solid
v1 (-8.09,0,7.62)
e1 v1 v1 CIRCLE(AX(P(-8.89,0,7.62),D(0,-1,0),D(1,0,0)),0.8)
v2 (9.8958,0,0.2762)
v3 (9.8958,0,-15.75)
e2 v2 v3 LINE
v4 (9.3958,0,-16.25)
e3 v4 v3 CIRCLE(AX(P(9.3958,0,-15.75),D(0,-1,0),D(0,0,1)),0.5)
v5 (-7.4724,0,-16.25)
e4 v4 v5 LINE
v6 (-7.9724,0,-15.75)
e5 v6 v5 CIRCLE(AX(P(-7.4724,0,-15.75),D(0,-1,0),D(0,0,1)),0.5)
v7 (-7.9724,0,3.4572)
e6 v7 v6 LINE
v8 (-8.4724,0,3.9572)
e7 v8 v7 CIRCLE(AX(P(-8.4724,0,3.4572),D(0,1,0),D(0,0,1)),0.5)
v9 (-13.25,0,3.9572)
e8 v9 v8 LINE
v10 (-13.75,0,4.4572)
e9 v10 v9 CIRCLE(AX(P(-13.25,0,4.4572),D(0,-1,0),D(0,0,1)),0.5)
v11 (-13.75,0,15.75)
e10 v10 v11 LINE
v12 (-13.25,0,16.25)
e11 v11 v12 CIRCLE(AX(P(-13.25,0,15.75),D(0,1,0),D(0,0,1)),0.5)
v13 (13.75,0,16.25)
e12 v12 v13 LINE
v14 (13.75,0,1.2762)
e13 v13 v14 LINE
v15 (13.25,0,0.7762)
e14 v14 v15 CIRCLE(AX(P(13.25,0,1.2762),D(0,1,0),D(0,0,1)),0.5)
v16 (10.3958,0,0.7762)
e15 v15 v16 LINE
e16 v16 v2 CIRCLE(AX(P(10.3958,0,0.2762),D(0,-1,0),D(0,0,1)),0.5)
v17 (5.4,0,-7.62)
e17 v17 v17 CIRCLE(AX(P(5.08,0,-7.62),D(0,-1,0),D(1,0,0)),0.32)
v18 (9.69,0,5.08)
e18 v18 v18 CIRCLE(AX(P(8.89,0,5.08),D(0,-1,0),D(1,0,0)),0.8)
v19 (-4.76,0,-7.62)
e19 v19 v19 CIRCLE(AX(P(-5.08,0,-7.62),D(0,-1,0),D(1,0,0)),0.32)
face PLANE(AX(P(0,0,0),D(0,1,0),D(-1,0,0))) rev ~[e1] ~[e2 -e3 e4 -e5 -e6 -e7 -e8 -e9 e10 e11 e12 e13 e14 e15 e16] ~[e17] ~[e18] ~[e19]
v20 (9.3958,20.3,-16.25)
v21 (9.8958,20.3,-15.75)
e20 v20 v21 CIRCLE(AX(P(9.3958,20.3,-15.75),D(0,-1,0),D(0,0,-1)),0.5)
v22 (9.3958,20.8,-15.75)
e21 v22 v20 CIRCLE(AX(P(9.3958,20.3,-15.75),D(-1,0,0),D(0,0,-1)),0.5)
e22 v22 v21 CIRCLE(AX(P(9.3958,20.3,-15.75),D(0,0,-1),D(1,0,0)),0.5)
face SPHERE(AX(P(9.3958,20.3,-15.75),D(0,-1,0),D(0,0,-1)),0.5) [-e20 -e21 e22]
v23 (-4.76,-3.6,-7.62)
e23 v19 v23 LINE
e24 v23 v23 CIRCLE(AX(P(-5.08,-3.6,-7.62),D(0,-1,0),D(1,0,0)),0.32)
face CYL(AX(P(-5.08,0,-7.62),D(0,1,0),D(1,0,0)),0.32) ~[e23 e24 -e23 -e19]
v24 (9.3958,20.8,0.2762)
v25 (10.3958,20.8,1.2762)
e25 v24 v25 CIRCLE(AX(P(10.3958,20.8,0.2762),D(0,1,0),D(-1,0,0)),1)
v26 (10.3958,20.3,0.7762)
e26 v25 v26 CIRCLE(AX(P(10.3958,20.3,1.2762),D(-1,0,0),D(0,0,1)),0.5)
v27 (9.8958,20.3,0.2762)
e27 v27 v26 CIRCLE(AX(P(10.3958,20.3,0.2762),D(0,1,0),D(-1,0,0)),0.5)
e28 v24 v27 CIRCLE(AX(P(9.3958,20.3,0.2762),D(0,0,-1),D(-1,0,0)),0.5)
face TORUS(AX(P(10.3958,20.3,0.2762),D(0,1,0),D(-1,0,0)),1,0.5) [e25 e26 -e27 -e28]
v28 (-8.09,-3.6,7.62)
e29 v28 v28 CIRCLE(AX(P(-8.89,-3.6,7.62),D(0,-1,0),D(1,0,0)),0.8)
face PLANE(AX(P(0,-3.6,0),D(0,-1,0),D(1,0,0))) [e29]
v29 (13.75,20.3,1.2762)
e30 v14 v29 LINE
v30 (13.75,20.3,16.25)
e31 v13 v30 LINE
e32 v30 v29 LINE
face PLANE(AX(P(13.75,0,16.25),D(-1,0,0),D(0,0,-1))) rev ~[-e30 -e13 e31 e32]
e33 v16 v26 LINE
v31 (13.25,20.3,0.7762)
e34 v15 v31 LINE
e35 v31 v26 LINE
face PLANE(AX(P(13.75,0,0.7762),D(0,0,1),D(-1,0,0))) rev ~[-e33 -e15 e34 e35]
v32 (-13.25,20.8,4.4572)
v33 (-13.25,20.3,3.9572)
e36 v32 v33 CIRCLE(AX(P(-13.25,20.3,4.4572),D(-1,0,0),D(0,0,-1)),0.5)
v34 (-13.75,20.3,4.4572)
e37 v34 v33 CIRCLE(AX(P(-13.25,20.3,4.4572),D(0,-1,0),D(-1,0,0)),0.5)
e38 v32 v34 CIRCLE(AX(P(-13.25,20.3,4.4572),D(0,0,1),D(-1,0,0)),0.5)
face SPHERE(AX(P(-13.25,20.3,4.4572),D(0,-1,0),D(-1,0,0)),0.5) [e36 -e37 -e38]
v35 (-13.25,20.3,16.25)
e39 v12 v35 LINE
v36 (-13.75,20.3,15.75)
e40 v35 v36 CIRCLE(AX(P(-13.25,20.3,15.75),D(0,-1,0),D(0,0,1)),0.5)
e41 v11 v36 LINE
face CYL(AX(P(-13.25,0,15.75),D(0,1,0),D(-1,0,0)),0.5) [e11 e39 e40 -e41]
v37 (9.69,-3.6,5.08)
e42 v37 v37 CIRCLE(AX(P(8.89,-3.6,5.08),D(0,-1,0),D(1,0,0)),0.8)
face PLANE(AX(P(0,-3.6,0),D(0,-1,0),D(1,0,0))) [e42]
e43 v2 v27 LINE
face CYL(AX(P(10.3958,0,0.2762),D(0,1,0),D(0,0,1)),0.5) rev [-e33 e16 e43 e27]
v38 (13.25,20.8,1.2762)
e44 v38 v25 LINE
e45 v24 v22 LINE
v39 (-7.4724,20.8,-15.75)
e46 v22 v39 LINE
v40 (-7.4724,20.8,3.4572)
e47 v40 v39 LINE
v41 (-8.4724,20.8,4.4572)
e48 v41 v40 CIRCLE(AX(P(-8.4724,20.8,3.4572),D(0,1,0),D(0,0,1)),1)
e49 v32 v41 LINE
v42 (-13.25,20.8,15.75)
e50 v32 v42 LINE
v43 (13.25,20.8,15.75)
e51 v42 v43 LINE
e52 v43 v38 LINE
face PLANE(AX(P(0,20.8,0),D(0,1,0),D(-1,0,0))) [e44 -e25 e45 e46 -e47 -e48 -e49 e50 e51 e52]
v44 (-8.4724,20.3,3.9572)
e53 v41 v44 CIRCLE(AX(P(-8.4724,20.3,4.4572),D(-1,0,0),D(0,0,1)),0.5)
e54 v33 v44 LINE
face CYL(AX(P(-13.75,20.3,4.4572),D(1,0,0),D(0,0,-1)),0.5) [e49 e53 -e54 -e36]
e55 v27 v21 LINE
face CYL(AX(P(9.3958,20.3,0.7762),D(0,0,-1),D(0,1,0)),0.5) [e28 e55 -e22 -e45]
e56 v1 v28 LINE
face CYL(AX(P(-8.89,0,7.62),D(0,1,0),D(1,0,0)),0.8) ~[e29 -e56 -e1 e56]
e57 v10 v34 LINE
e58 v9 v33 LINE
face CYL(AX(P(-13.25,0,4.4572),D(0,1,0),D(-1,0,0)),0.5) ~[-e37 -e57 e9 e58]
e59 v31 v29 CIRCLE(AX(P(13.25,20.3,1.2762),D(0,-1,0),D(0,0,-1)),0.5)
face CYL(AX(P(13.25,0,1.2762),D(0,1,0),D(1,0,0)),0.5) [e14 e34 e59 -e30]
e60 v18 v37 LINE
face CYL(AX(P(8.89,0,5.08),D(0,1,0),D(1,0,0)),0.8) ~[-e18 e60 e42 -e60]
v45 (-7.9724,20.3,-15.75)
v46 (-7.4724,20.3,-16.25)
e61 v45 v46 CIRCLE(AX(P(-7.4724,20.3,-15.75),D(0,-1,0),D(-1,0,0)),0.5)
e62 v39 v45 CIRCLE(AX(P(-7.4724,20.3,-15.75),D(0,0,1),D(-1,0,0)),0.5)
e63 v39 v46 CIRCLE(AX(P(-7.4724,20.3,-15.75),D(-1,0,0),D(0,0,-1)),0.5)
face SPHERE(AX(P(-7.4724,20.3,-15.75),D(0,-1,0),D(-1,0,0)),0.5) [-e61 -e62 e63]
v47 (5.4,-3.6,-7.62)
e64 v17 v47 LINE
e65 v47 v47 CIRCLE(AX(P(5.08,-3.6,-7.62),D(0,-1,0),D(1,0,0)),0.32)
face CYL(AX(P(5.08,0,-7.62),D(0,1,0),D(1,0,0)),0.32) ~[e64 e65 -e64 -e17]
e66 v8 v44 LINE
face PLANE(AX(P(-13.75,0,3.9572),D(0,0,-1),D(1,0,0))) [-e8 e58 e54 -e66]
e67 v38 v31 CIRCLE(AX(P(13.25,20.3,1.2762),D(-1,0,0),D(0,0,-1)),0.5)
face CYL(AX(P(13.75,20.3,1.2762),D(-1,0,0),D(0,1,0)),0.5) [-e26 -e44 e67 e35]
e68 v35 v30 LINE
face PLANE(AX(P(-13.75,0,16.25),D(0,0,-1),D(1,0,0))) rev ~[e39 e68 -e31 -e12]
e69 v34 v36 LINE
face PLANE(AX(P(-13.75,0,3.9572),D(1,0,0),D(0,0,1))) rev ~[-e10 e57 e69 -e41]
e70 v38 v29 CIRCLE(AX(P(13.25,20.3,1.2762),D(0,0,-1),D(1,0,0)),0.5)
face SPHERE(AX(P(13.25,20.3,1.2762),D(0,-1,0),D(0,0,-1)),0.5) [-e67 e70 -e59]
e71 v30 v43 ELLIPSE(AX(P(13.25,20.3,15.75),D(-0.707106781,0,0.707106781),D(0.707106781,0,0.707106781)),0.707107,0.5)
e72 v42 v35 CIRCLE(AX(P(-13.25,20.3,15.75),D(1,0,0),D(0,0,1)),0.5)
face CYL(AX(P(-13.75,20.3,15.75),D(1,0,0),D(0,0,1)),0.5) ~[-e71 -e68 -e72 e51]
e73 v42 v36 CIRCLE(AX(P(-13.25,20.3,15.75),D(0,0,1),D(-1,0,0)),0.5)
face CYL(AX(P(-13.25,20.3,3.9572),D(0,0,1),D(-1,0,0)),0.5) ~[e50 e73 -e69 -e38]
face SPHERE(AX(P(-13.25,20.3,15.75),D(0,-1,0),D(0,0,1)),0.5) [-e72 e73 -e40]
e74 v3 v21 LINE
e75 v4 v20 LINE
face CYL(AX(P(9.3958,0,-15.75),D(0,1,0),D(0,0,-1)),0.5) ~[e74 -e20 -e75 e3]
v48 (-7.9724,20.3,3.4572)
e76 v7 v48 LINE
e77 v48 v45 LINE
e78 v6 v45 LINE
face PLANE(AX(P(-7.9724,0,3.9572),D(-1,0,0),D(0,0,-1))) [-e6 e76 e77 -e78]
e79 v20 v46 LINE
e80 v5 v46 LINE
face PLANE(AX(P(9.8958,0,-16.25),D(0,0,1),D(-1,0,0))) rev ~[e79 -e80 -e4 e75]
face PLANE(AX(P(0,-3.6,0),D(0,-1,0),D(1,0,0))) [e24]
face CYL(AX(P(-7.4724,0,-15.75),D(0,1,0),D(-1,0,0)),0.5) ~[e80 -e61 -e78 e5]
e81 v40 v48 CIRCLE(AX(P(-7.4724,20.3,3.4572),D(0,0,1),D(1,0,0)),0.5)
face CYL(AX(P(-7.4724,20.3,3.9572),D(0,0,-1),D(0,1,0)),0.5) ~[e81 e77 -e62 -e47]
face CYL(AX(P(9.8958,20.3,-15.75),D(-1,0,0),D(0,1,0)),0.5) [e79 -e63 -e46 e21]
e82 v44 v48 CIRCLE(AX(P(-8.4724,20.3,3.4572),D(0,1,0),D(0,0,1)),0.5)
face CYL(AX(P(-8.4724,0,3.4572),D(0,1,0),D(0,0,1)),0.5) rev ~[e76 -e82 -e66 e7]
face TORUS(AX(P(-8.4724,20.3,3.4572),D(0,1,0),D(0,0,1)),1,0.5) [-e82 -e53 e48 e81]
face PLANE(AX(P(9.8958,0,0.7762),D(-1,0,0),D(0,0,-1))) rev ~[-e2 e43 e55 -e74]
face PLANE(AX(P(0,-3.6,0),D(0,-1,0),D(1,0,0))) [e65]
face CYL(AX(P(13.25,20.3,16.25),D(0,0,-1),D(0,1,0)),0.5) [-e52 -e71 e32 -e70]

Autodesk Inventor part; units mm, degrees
ref_plane "YZ Plane" through (0, 0, 0) normal (1, 0, 0) x (0, 1, 0)
ref_plane "XZ Plane" through (0, 0, 0) normal (0, 1, 0) x (-1, 0, 0)
ref_plane "XY Plane" through (0, 0, 0) normal (0, 0, 1) x (1, 0, 0)
sketch "Sketch1" plane through (0, 0, 0) normal (0, 1, 0) x (-1, 0, 0)
  line L0 (13.75, 16.25) -> (-13.75, 16.25)
  line L1 (-13.75, 16.25) -> (-13.75, -16.25)
  line L2 (-13.75, -16.25) -> (13.75, -16.25)
  line L3 (13.75, -16.25) -> (13.75, 16.25)
  line L4 (-13.75, 0.7762) -> (-9.8958, 0.7762)
  line L5 (-9.8958, 0.7762) -> (-9.8958, -16.25)
  line L6 (13.75, 3.9572) -> (7.9724, 3.9572)
  line L7 (7.9724, 3.9572) -> (7.9724, -16.25)
  point P0 (0, 0)
  dimension "d0" = 27.5
  dimension "d1" = 13.75
  dimension "d2" = 32.5
  dimension "d3" = 16.25
extrude "Extrusion1" add sketch "Sketch1" along normal blind 20.8 contours L3 L6 L7 L2 L5 L4 L1 L0
sketch "Sketch2" plane through (0, 0, 0) normal (0, -1, 0) x (1, 0, 0)
  circle A0 centre (-8.89, 7.62) radius 0.8
  circle A1 centre (8.89, 5.08) radius 0.8
  circle A2 centre (-5.08, -7.62) radius 0.32
  circle A3 centre (5.08, -7.62) radius 0.32
  point P0 (0, 0)
  dimension "d6" = 0.64
  dimension "d7" = 0.64
  dimension "d8" = 3.81
  dimension "d9" = 13.97
  dimension "d10" = 17.78
  dimension "d11" = 2.54
  dimension "d12" = 15.24
  dimension "d13" = 0
  dimension "d14" = 5.08
  dimension "d15" = 7.62
  dimension "d16" = 1.6
  dimension "d17" = 1.6
extrude "Extrusion2" add sketch "Sketch2" along normal blind 3.6
fillet "Fillet1" radius 0.5 15 edges at (-7.9724, 10.4, 3.9572) (-7.9724, 10.4, -16.25) (-13.75, 10.4, 3.9572) (-13.75, 10.4, 16.25) (9.8958, 10.4, -16.25) (13.75, 10.4, 0.7762) (9.8958, 10.4, 0.7762) (0, 20.8, 16.25) (-13.75, 20.8, 10.1036) (-10.8612, 20.8, 3.9572) (-7.9724, 20.8, -6.1464) (0.9617, 20.8, -16.25) (9.8958, 20.8, -7.7369) (11.8229, 20.8, 0.7762) (13.75, 20.8, 8.5131)
properties part number "JTN1AS-PA-F-DC5V_Relay"
